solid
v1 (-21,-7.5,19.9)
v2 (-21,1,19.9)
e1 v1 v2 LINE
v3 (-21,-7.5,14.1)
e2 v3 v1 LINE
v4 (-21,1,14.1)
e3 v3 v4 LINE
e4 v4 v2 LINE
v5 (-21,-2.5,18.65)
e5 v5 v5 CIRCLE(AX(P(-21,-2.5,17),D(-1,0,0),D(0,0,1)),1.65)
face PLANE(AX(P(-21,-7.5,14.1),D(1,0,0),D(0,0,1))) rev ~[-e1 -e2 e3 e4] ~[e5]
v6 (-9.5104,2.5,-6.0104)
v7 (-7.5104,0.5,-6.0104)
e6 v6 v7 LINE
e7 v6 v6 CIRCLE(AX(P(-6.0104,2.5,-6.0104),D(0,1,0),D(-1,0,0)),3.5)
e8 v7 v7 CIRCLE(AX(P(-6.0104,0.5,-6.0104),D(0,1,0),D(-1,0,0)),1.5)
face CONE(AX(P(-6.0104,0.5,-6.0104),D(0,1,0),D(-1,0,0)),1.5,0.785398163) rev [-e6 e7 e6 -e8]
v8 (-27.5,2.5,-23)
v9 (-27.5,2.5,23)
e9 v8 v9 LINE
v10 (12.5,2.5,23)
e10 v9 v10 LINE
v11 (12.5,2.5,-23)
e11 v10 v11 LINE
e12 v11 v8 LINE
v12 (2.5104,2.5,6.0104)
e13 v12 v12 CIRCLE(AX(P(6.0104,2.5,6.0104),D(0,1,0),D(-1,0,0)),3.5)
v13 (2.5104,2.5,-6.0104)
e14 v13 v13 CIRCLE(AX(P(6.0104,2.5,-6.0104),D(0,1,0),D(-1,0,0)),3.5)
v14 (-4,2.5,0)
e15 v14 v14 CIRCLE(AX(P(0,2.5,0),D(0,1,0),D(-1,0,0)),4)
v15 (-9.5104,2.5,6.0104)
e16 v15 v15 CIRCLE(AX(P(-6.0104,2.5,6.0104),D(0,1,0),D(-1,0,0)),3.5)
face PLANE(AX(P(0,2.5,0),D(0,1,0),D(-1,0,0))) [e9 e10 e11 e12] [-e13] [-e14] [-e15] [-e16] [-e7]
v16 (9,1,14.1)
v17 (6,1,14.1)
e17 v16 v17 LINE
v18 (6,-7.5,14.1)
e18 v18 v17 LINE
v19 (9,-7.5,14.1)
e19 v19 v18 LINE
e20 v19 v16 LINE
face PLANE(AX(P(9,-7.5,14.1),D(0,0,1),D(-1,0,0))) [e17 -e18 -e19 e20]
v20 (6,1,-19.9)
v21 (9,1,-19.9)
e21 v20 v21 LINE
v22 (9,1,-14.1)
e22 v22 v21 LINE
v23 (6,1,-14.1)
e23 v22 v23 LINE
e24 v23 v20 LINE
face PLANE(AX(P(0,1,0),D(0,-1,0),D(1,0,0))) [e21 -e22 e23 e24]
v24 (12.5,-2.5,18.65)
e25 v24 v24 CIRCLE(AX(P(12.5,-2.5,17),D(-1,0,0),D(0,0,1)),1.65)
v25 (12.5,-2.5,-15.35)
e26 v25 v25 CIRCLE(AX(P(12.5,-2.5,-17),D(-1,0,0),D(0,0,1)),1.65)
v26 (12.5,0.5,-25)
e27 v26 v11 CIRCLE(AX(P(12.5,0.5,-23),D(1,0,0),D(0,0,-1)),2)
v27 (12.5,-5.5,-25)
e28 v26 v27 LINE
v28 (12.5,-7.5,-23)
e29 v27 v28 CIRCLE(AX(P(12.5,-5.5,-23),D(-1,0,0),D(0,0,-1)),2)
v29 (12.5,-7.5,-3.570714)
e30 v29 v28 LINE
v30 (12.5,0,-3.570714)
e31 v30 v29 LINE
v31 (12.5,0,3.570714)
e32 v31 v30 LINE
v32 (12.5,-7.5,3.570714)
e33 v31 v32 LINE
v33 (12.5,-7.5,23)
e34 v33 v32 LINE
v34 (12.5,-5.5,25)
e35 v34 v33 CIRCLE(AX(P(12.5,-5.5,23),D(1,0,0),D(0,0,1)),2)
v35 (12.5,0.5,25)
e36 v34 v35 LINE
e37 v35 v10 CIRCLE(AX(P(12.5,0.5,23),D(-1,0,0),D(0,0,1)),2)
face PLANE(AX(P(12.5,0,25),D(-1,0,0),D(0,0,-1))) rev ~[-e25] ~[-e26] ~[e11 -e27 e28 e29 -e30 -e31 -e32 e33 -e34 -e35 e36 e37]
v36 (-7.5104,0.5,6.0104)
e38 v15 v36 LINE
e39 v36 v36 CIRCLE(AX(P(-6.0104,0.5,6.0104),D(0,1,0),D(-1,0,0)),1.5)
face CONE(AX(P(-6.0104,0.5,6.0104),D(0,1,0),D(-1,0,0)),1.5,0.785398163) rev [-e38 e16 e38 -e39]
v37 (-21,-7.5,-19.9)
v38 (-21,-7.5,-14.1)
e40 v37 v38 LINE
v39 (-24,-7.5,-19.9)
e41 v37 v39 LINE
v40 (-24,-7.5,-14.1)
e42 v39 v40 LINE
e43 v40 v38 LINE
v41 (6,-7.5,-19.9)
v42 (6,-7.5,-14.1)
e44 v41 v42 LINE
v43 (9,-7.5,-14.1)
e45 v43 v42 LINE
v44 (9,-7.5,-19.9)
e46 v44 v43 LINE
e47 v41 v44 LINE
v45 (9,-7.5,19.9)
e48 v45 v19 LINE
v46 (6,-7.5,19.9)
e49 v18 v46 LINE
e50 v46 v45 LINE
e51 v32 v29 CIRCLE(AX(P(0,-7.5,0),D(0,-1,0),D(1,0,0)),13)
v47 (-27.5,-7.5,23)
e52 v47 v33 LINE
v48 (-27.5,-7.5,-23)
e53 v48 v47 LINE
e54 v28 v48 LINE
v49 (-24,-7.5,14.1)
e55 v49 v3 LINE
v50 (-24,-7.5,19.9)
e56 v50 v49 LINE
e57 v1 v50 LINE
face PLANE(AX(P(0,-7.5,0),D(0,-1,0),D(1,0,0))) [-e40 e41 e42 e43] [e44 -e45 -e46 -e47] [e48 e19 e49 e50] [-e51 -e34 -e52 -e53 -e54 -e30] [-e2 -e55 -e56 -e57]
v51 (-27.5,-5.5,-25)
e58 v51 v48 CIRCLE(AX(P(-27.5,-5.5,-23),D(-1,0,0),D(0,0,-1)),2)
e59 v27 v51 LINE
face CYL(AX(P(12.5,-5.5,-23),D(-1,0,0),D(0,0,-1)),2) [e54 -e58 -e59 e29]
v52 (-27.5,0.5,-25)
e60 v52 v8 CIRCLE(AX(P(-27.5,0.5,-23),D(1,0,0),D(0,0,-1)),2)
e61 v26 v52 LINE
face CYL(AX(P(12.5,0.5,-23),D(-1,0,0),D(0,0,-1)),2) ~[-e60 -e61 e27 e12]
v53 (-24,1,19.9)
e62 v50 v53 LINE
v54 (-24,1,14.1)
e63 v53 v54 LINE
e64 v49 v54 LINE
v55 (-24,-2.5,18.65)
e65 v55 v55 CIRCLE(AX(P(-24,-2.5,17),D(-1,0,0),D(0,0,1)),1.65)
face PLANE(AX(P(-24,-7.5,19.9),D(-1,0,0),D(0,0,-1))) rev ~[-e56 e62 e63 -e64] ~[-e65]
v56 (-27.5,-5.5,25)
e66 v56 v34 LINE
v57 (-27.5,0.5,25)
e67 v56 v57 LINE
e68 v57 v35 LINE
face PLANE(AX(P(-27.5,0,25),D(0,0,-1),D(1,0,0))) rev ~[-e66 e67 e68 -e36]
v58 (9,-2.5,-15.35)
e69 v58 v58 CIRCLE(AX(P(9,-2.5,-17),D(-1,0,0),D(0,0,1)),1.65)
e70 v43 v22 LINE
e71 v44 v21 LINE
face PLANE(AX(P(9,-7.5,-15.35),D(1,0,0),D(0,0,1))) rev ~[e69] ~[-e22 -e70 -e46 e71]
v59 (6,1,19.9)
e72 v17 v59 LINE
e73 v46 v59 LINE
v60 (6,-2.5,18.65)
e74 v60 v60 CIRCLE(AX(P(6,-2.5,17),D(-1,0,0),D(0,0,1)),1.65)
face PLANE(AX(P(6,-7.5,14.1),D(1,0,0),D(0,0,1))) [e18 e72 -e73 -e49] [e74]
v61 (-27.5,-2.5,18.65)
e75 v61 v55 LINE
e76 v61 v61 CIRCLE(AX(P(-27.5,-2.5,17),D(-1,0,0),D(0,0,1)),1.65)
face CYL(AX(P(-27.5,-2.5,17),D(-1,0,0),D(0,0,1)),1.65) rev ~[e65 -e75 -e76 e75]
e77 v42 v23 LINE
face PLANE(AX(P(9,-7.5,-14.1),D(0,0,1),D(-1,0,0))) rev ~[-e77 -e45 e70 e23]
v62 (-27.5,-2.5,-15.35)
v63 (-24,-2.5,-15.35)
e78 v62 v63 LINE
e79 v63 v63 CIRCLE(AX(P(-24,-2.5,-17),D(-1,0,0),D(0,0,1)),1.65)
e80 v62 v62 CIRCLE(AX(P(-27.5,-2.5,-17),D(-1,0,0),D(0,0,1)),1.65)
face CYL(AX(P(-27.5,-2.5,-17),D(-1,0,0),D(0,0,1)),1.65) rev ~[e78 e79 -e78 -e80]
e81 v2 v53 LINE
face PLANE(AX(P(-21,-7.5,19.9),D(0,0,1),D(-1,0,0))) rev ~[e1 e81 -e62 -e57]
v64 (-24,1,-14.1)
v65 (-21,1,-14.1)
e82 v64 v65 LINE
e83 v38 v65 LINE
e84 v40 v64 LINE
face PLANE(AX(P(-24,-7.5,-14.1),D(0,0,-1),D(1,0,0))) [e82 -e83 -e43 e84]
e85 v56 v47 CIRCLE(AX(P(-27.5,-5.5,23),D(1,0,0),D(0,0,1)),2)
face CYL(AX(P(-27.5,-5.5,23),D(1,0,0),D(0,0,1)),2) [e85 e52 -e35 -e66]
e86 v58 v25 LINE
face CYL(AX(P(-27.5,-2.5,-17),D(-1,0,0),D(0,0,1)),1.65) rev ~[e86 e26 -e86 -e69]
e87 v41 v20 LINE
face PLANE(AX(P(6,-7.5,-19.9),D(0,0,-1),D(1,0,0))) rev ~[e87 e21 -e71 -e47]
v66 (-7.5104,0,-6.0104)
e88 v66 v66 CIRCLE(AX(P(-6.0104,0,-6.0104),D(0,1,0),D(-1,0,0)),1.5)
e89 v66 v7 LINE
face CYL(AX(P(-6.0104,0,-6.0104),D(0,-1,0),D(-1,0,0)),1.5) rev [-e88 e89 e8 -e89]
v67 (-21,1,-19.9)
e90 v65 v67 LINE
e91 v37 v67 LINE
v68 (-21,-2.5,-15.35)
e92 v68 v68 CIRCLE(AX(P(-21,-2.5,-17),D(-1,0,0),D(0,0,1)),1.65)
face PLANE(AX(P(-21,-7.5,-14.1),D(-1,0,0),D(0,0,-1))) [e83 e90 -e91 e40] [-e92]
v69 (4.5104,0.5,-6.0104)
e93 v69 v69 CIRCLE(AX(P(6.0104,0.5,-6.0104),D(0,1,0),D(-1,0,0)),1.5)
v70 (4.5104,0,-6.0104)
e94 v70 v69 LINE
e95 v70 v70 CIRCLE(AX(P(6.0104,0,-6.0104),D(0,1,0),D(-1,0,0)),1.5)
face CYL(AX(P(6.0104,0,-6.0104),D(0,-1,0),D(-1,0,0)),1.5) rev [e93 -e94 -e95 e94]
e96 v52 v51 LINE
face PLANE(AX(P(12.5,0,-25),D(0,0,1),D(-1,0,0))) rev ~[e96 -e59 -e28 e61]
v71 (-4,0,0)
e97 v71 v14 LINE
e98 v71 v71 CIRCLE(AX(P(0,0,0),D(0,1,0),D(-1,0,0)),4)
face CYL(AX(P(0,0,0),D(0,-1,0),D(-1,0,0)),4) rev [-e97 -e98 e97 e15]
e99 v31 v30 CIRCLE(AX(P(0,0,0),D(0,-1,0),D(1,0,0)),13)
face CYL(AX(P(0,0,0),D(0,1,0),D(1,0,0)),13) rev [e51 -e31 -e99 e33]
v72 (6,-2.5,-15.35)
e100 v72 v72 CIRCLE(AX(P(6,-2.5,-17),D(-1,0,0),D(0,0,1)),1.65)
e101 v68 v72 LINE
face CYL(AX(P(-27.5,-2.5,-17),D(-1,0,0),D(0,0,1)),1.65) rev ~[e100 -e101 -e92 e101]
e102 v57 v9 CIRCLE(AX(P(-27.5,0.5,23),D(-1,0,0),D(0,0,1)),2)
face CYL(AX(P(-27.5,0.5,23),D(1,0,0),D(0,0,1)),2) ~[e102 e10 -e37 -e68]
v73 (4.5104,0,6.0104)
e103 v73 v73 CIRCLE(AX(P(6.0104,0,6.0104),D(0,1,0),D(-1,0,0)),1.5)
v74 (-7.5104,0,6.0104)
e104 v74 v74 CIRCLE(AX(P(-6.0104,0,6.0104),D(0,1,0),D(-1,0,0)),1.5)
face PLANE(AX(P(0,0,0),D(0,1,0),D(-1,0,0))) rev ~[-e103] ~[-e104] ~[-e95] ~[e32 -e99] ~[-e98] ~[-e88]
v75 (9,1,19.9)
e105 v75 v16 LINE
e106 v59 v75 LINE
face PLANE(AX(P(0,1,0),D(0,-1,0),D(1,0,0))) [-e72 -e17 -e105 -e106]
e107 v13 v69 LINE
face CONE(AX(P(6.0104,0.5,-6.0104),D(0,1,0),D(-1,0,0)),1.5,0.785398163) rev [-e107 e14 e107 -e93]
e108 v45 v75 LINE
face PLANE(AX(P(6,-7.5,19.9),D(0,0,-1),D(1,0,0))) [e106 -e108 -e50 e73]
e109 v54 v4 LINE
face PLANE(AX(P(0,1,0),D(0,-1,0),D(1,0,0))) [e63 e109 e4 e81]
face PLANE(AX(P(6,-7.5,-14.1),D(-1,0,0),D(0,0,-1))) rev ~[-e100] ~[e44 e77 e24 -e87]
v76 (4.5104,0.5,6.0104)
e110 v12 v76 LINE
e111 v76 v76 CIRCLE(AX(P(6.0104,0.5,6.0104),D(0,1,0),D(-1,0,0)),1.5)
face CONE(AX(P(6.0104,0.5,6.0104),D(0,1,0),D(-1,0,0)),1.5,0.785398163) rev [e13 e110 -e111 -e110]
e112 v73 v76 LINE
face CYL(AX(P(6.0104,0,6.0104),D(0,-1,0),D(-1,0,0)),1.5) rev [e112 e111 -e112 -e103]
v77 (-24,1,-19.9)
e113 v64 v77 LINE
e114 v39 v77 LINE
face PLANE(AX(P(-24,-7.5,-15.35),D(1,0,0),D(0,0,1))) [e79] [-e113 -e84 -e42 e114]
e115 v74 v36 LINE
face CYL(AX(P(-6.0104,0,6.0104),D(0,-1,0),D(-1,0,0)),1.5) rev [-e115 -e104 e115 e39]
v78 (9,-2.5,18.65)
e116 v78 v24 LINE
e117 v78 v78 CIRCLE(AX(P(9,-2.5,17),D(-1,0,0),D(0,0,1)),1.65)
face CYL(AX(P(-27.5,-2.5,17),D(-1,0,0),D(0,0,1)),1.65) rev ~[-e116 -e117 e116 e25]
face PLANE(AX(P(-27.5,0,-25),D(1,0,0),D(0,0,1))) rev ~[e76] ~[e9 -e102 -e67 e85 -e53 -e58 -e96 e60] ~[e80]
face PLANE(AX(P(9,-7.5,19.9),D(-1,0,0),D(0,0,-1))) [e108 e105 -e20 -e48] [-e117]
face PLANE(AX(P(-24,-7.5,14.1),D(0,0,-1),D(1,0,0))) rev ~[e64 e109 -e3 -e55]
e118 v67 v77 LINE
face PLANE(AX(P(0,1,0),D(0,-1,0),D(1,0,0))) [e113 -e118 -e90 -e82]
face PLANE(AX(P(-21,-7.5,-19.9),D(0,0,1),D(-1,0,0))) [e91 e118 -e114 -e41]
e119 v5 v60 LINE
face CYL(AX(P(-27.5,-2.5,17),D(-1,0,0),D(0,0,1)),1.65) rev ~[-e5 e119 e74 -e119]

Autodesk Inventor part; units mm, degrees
ref_plane "YZ Plane" through (0, 0, 0) normal (1, 0, 0) x (0, 1, 0)
ref_plane "XZ Plane" through (0, 0, 0) normal (0, 1, 0) x (-1, 0, 0)
ref_plane "XY Plane" through (0, 0, 0) normal (0, 0, 1) x (1, 0, 0)
sketch "Эскиз1" plane through (0, 0, 0) normal (0, 1, 0) x (-1, 0, 0)
  circle A0 centre (0, 0) radius 12.5 construction
  circle A1 centre (0, 0) radius 8.5 construction
  circle A2 centre (6.0104, 6.0104) radius 1.5
  circle A3 centre (-6.0104, -6.0104) radius 1.5
  circle A4 centre (0, 0) radius 4
  line L0 (27.5, 25) -> (-12.5, 25)
  line L1 (-12.5, 25) -> (-12.5, -25)
  line L2 (-12.5, -25) -> (27.5, -25)
  line L3 (27.5, -25) -> (27.5, 25)
  line L4 (8.8388, -8.8388) -> (-8.8388, 8.8388) construction
  line L5 (-8.8388, -8.8388) -> (8.8388, 8.8388) construction
  circle A5 centre (6.0104, -6.0104) radius 1.5
  circle A6 centre (-6.0104, 6.0104) radius 1.5
  point P0 (7.5, 25)
  point P1 (7.5, -25)
  dimension "d0" = 25
  dimension "d1" = 17
  dimension "d2" = 3
  dimension "d3" = 3
  dimension "d4" = 8
  dimension "d5" = 40
  dimension "d6" = 50
  dimension "d7" = 25
  dimension "d26" = 25
  dimension "d31" = 45
  dimension "d32" = 90
  dimension "d33" = 3
  dimension "d34" = 3
extrude "Выдавливание1" add sketch "Эскиз1" along normal blind 2.5
sketch "Эскиз2" plane through (0, 0, 0) normal (0, -1, 0) x (1, 0, 0)
  circle A0 centre (0, 0) radius 13
  line L0 (12.5, 25) -> (12.5, -25) projected
  line L1 (-27.5, 25) -> (12.5, 25) projected
  line L2 (-27.5, -25) -> (-27.5, 25) projected
  line L3 (12.5, -25) -> (-27.5, -25) projected
  circle A1 centre (-6.0104, 6.0104) radius 1.5 projected
  circle A2 centre (6.0104, -6.0104) radius 1.5 projected
  circle A3 centre (0, 0) radius 4 projected
  point P0 (12.5, -3.5707)
  point P1 (12.5, 3.5707)
  dimension "d10" = 26
extrude "Выдавливание2" add sketch "Эскиз2" along normal blind 7.5 contours A0 L0 L3 L2 L1
fillet "Сопряжение1" radius 2 4 edges at (-7.5, -7.5, -25) (-7.5, 2.5, -25) (-7.5, -7.5, 25) (-7.5, 2.5, 25)
sketch "Эскиз4" plane through (-27.5, -5.5, -25) normal (-1, 0, 0) x (0, 0, 1)
  arc A0 (50, 6) -> (48, 8) centre (48, 6) ccw projected
  line L0 (2, 8) -> (48, 8) projected
  arc A1 (2, 8) -> (0, 6) centre (2, 6) ccw projected
  line L1 (0, 0) -> (0, 6) projected
  arc A2 (0, 0) -> (2, -2) centre (2, 0) ccw projected
  line L2 (48, -2) -> (2, -2) projected
  arc A3 (48, -2) -> (50, 0) centre (48, 0) ccw projected
  line L3 (50, 0) -> (50, 6) projected
  circle A4 centre (42, 3) radius 1.65
  circle A5 centre (8, 3) radius 1.65
  point P0 (25, 5.5)
  point P1 (50, 3)
  dimension "d21" = 3.3
  dimension "d22" = 3.3
  dimension "d41" = 5
  dimension "d42" = 34
  dimension "d43" = 8
  dimension "d44" = 5
extrude "Выдавливание4" cut sketch "Эскиз4" against normal through all contours A4 | A5
chamfer "Фаска1" distance 2 angle 45 4 edges at (-4.5104, 2.5, 6.0104) (7.5104, 2.5, -6.0104) (-4.5104, 2.5, -6.0104) (7.5104, 2.5, 6.0104)
sketch "Эскиз5" plane through (0, -7.5, 0) normal (0, -1, 0) x (1, 0, 0)
  line L0 (-27.5, 23) -> (12.5, 23) projected
  line L1 (-27.5, 23) -> (-27.5, -23) projected
  line L2 (12.5, -23) -> (-27.5, -23) projected
  line L3 (12.5, -23) -> (12.5, -3.5707) projected
  arc A0 (12.5, 3.5707) -> (12.5, -3.5707) centre (0, 0) ccw projected
  line L4 (12.5, 3.5707) -> (12.5, 23) projected
  line L5 (-27.5, -18.65) -> (12.5, -18.65) projected
  line L6 (-27.5, -15.35) -> (12.5, -15.35) projected
  line L7 (12.5, -18.65) -> (12.5, -15.35)
  line L8 (12.5, -17) -> (-27.5, -17) construction
  line L9 (9, -14.1) -> (6, -14.1)
  line L10 (6, -14.1) -> (6, -19.9)
  line L11 (6, -19.9) -> (9, -19.9)
  line L12 (9, -19.9) -> (9, -14.1)
  line L13 (9, -14.1) -> (6, -19.9) construction
  line L14 (6, -14.1) -> (9, -19.9) construction
  circle A1 centre (0, 0) radius 4 projected
  line L15 (0, 0) -> (12.5, 0) construction
  line L16 (12.5, 3.5707) -> (12.5, -3.5707) projected
  line L17 (-7.5, -23) -> (-7.5, 23) construction
  line L18 (9, 14.1) -> (6, 14.1)
  line L19 (6, 14.1) -> (6, 19.9)
  line L20 (6, 19.9) -> (9, 19.9)
  line L21 (9, 19.9) -> (9, 14.1)
  line L22 (9, 14.1) -> (6, 19.9) construction
  line L23 (6, 14.1) -> (9, 19.9) construction
  line L24 (-24, -14.1) -> (-21, -14.1)
  line L25 (-21, -14.1) -> (-21, -19.9)
  line L26 (-21, -19.9) -> (-24, -19.9)
  line L27 (-24, -19.9) -> (-24, -14.1)
  line L28 (-24, -14.1) -> (-21, -19.9) construction
  line L29 (-21, -14.1) -> (-24, -19.9) construction
  line L30 (-21, 14.1) -> (-21, 19.9)
  line L31 (-21, 19.9) -> (-24, 19.9)
  line L32 (-24, 14.1) -> (-21, 14.1)
  line L33 (-24, 19.9) -> (-24, 14.1)
  line L34 (-24, 14.1) -> (-21, 19.9) construction
  line L35 (-21, 14.1) -> (-24, 19.9) construction
  point P0 (7.5, -17)
  point P1 (12.5, -13.2854)
  point P2 (7.5, 17)
  point P3 (-22.5, -17)
  point P4 (-22.5, 17)
  dimension "d35" = 3
  dimension "d36" = 5.8
  dimension "d38" = 5
extrude "Выдавливание5" cut sketch "Эскиз5" against normal blind 8.5 contours L27 L24 L25 L6 | L6 L25 L5 L27 | L5 L25 L26 L27 | L10 L9 L12 L6 | L6 L12 L5 L10 | L5 L12 L11 L10 | L18 L19 L20 L21 | L32 L33 L31 L30
equation "\"d7\" = 0.5 * d6"
equation "\"d22\" = d21"
properties part number "motoramma"
